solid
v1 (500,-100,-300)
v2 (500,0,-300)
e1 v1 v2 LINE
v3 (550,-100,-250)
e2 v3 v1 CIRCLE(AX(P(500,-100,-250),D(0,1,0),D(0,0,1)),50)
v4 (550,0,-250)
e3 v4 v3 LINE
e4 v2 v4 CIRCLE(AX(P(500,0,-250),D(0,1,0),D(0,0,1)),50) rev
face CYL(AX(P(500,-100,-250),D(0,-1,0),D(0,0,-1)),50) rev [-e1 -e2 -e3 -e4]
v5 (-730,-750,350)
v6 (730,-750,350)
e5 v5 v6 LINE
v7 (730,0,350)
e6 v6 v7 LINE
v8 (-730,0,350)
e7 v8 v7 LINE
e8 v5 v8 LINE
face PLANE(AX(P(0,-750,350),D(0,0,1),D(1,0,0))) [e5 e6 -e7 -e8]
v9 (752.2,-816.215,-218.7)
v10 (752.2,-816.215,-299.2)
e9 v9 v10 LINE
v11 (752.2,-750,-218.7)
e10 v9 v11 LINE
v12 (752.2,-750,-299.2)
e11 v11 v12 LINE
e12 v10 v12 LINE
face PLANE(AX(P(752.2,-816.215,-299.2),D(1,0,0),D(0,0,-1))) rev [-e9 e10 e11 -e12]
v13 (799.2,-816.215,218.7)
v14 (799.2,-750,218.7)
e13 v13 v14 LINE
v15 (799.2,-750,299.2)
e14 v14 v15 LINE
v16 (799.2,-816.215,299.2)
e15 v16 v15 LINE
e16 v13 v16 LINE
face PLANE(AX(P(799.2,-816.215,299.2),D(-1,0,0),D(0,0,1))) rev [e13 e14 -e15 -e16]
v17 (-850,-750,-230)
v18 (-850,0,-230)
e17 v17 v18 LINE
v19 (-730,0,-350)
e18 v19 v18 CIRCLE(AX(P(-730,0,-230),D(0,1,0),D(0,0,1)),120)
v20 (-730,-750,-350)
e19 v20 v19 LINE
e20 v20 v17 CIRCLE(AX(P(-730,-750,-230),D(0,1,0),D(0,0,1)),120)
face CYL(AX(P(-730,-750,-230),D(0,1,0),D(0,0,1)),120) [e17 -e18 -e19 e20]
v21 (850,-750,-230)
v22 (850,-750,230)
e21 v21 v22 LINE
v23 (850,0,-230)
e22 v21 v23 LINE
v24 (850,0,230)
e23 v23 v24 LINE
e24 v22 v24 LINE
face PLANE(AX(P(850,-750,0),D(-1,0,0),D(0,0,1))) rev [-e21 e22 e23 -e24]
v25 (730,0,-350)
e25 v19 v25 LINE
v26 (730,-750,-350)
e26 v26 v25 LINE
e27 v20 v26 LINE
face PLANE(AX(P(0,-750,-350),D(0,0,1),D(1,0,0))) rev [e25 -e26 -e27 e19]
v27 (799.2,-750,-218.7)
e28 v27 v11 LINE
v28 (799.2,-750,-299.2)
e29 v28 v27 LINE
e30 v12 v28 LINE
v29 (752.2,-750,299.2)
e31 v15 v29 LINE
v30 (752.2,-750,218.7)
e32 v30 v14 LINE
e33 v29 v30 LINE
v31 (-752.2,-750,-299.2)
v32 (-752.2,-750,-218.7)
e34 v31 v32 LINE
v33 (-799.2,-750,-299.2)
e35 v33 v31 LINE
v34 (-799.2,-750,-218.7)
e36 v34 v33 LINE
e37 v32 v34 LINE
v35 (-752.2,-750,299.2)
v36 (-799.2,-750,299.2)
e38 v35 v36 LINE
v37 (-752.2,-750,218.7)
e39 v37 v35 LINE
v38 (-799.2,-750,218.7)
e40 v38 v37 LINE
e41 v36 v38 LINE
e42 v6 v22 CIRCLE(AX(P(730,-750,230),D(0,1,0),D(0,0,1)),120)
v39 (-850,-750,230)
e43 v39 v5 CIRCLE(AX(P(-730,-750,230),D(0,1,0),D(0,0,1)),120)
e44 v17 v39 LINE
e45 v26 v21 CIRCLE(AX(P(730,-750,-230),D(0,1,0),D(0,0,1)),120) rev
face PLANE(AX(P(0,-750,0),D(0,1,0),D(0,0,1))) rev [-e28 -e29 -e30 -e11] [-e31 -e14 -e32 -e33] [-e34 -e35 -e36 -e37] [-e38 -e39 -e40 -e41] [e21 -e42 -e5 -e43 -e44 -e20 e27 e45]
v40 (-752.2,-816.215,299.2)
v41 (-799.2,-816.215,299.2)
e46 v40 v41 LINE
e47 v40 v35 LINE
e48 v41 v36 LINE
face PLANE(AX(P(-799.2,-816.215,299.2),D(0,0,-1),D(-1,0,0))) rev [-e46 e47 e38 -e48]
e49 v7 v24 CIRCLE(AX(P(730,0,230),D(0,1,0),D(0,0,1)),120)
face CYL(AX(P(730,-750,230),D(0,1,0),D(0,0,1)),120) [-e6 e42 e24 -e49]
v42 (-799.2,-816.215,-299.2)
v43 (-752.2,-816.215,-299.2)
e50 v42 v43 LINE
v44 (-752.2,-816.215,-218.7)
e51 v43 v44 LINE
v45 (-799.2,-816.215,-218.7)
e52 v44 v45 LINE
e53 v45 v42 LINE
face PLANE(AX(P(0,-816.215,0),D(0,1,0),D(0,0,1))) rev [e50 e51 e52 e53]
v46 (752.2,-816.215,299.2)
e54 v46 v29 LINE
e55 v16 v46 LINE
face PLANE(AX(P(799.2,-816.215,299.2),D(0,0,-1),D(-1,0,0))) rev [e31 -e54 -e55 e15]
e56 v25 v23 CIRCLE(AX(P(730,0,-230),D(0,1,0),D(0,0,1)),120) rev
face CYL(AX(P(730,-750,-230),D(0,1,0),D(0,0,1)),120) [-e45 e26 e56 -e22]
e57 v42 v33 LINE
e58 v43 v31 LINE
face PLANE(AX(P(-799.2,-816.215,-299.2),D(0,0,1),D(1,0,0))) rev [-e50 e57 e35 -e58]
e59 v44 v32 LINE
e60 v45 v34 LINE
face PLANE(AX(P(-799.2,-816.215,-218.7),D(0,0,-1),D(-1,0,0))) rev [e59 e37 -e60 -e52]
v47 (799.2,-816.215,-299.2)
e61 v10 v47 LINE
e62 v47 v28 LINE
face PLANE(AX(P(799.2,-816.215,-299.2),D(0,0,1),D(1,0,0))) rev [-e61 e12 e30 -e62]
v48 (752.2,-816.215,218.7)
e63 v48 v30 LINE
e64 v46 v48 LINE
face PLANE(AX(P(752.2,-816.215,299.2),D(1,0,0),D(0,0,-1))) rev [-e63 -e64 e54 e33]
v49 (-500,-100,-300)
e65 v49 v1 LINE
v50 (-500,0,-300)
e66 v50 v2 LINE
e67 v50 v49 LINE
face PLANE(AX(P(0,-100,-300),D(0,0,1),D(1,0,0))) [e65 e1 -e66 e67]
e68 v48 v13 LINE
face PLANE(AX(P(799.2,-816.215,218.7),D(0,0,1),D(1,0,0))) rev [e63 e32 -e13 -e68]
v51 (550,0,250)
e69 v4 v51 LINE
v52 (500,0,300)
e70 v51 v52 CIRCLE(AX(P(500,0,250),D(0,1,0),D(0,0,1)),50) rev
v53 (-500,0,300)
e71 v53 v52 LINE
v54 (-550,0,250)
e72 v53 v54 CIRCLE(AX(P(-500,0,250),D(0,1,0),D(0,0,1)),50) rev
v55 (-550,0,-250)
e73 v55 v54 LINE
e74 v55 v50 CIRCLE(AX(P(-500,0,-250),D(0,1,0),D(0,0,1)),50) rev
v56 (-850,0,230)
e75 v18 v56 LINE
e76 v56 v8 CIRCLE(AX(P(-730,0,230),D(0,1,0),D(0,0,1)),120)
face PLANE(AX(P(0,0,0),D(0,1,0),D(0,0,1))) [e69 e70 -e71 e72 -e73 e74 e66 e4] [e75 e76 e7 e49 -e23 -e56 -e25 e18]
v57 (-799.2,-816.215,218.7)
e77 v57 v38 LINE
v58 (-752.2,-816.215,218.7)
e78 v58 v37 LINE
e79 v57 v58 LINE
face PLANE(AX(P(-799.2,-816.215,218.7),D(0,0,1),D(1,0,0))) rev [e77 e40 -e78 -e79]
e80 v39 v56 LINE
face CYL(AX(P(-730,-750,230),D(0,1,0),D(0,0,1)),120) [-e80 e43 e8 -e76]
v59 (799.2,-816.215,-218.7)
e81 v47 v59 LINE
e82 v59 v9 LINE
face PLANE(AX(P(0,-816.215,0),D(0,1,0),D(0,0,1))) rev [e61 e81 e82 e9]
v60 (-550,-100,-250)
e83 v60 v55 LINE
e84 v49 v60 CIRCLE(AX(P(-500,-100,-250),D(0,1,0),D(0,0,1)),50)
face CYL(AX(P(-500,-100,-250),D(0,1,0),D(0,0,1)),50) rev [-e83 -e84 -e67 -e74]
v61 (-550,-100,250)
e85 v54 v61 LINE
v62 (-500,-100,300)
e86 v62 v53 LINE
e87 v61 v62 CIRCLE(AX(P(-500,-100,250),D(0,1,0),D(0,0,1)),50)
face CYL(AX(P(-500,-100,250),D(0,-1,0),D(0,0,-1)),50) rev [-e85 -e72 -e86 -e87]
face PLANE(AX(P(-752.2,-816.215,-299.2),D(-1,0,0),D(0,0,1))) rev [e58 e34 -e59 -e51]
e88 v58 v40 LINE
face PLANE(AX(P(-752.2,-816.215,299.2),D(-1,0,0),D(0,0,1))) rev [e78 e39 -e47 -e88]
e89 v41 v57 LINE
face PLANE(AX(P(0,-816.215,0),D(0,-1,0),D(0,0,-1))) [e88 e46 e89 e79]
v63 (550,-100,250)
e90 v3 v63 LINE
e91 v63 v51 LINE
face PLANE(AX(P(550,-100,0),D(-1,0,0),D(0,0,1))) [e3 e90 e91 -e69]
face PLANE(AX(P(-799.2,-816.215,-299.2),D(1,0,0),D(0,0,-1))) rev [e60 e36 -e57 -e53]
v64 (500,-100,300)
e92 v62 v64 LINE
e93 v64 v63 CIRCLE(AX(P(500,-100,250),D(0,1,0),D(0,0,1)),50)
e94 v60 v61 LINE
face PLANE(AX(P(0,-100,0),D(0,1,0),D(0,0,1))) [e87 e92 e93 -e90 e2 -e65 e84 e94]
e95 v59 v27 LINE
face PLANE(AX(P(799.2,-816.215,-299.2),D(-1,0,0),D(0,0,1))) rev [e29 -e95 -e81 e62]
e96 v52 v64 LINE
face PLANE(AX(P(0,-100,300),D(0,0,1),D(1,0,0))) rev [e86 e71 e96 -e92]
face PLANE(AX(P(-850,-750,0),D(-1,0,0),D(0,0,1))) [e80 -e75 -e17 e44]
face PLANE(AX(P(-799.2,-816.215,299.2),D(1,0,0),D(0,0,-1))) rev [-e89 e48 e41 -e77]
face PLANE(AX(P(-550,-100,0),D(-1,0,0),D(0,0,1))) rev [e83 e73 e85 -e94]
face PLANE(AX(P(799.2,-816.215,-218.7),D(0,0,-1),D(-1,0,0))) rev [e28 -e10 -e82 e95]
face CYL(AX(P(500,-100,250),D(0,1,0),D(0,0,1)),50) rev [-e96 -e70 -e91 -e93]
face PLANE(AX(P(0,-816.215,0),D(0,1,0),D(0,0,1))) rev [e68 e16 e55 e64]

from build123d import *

# Parameters (mm, degrees)
BOSS_EXTRUDE1_DEPTH = 750
SKETCH1_3_W         = 1100
SKETCH1_3_H         = 600
CUT_EXTRUDE1_DEPTH  = 100
FILLET1_R           = 50.000000076
SKETCH2_W           = 47
SKETCH2_H           = 80.5
BOSS_EXTRUDE2_DEPTH = 66.215


with BuildPart() as part:
    # Sketch1 → Boss-Extrude1 (new body)
    with BuildSketch(Plane(origin=(0, 0, 0), x_dir=(1, 0, 0), z_dir=(0, 1, 0))):
        with BuildLine():
            Line((730, 350), (-730, 350))
            ThreePointArc((-730, 350), (-814.852813742, 314.852813742), (-850, 230))
            Line((-850, 230), (-850, -230))
            ThreePointArc((-850, -230), (-814.852813742, -314.852813742), (-730, -350))
            Line((-730, -350), (730, -350))
            ThreePointArc((730, -350), (814.852813742, -314.852813742), (850, -230))
            Line((850, -230), (850, 230))
            ThreePointArc((850, 230), (814.852813742, 314.852813742), (730, 350))
        make_face()
    extrude(amount=-BOSS_EXTRUDE1_DEPTH)

    # Sketch1<3> → Cut-Extrude1 (cut)
    with BuildSketch(Plane(origin=(0, 0, 0), x_dir=(1, 0, 0), z_dir=(0, 1, 0))):
        Rectangle(SKETCH1_3_W, SKETCH1_3_H)
    extrude(amount=-CUT_EXTRUDE1_DEPTH, mode=Mode.SUBTRACT)

    # Fillet1
    fillet1_edges = [part.edges().sort_by_distance(p)[0] for p in [
        (550, -50, 300),
        (-550, -50, 300),
        (550, -50, -300),
        (-550, -50, -300),
    ]]
    fillet(fillet1_edges, radius=FILLET1_R)

    # Sketch2 → Boss-Extrude2 (add)
    with BuildSketch(Plane.XZ.offset(750)):
        with Locations((-775.7, 258.95)):
            Rectangle(SKETCH2_W, SKETCH2_H)
        with Locations((775.7, 258.95)):
            Rectangle(SKETCH2_W, SKETCH2_H)
        with Locations((775.7, -258.95)):
            Rectangle(SKETCH2_W, SKETCH2_H)
        with Locations((-775.7, -258.95)):
            Rectangle(SKETCH2_W, SKETCH2_H)
    extrude(amount=BOSS_EXTRUDE2_DEPTH)


solid = part.part
